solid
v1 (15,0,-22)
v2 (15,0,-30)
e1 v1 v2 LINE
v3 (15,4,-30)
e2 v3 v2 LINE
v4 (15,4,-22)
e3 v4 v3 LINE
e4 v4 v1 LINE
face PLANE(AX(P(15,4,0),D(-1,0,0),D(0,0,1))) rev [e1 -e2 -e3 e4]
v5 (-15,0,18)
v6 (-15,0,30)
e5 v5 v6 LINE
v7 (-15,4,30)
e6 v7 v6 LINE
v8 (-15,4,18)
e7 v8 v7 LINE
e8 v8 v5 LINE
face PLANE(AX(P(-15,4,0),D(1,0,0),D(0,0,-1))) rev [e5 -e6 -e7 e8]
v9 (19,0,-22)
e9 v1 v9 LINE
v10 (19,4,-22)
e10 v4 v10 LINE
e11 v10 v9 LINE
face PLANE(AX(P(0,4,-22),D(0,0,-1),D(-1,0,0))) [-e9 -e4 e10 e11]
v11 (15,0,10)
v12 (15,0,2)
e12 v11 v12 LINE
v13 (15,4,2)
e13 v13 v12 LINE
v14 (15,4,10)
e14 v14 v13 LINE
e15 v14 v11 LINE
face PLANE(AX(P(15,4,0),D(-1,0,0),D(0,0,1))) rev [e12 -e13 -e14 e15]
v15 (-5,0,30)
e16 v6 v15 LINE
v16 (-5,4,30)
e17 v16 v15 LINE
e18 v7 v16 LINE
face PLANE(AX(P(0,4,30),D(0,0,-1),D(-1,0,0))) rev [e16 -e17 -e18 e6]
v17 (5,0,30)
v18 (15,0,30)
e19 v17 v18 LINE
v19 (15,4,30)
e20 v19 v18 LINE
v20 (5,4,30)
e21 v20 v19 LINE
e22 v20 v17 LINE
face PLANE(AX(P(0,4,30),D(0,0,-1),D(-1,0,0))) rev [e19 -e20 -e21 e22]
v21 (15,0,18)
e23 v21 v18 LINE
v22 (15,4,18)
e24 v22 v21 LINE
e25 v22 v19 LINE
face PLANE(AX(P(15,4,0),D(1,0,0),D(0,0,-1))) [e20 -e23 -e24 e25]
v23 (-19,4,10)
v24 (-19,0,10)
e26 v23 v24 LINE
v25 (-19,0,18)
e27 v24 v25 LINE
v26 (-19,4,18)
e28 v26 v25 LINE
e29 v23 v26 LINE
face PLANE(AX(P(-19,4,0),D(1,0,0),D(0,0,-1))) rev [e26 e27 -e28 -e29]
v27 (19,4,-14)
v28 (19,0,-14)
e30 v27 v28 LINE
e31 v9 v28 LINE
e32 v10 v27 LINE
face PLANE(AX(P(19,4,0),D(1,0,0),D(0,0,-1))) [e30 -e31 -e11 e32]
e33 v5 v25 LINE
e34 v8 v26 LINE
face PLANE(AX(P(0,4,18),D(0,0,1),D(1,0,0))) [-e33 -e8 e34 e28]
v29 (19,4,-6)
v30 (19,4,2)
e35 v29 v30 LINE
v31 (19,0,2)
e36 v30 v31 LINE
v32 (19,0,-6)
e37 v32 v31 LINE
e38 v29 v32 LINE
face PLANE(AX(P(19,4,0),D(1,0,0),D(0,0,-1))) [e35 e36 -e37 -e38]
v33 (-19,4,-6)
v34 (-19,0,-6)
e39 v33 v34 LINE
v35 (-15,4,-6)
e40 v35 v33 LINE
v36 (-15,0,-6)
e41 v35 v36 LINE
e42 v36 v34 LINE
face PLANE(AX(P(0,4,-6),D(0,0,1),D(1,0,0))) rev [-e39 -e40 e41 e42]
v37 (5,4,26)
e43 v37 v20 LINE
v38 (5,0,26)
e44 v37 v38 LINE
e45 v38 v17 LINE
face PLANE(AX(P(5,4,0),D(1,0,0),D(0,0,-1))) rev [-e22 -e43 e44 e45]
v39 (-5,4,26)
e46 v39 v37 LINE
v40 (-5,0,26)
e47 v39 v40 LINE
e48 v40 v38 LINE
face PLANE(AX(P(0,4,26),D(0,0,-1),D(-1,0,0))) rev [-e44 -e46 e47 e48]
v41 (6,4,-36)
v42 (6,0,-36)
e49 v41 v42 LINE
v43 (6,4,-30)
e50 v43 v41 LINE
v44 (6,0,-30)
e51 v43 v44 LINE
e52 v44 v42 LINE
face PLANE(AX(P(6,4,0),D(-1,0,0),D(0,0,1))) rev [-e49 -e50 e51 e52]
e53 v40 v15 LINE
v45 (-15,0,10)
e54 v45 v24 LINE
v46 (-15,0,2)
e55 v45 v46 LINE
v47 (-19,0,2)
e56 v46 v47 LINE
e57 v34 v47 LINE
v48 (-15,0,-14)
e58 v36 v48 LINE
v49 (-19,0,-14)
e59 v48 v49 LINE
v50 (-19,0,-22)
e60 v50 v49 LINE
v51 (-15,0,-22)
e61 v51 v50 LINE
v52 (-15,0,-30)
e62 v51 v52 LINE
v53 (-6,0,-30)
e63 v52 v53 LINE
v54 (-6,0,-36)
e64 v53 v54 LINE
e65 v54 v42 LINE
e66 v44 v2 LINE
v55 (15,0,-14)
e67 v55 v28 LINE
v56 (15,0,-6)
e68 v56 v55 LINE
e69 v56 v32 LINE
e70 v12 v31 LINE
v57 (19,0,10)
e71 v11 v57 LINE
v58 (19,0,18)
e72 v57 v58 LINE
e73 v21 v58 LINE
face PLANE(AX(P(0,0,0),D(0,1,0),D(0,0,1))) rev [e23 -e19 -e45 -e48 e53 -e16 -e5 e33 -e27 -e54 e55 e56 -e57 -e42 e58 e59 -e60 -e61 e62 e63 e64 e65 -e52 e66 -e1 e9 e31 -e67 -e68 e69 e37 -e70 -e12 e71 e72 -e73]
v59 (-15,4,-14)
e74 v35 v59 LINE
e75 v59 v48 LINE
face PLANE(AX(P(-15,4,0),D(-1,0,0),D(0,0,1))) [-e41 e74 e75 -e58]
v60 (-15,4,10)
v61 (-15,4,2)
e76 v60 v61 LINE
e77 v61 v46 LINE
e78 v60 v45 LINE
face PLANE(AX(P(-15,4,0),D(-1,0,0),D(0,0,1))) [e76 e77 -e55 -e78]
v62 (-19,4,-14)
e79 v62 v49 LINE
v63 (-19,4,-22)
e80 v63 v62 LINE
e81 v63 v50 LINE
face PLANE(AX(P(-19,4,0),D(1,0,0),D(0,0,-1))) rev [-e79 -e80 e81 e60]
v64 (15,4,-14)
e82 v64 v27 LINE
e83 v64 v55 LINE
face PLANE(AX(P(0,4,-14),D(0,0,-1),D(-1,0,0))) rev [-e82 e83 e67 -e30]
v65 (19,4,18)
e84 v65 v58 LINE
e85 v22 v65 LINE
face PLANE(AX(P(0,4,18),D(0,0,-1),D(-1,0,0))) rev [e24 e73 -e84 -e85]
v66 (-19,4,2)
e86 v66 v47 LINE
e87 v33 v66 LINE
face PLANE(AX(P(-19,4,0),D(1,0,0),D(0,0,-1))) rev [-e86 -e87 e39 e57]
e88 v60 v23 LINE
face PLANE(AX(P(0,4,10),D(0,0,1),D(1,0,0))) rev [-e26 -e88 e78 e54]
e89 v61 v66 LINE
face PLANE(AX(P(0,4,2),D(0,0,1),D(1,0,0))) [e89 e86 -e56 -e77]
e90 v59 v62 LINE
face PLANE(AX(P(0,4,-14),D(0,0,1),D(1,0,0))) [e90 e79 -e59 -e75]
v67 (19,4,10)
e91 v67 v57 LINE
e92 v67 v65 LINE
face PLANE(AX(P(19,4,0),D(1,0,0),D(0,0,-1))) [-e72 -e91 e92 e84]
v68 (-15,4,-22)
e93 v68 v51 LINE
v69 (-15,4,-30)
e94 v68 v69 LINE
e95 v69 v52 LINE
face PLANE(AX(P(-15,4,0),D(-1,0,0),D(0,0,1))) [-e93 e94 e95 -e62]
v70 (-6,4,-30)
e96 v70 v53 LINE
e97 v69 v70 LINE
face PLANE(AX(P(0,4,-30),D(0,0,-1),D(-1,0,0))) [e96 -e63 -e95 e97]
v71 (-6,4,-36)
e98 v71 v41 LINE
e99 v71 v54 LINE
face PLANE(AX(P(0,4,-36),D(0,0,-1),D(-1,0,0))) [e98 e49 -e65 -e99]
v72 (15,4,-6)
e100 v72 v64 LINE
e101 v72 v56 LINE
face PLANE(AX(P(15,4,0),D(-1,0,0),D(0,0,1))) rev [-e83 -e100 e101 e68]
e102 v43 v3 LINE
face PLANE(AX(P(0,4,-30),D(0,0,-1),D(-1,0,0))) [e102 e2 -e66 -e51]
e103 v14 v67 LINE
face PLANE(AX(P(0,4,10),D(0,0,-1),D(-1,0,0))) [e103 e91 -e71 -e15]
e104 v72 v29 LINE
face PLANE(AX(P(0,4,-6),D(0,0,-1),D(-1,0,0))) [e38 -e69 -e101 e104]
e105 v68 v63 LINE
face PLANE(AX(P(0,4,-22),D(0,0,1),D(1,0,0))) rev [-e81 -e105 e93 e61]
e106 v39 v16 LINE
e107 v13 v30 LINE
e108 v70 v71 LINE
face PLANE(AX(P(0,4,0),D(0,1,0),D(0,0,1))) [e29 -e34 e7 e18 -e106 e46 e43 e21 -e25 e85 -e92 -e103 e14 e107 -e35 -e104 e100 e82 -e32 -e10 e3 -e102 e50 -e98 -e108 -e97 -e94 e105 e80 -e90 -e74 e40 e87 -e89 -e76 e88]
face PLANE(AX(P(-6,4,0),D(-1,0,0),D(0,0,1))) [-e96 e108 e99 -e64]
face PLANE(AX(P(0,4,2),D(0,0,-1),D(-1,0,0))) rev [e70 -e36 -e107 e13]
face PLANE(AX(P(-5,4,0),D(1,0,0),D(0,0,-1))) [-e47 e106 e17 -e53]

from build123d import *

# Parameters (mm, degrees)
BOSS_EXTRUDE2_DEPTH = 4


with BuildPart() as part:
    # Sketch1 → Boss-Extrude2 (new body)
    with BuildSketch(Plane(origin=(0, 0, 0), x_dir=(1, 0, 0), z_dir=(0, 1, 0))):
        Polygon((-15, 30), (-15, 22), (-19, 22), (-19, 14), (-15, 14), (-15, 6), (-19, 6), (-19, -2), (-15, -2), (-15, -10), (-19, -10), (-19, -18), (-15, -18), (-15, -26), (-15, -30), (-5, -30), (-5, -26), (5, -26), (5, -30), (15, -30), (15, -26), (15, -18), (19, -18), (19, -10), (15, -10), (15, -2), (19, -2), (19, 6), (15, 6), (15, 14), (19, 14), (19, 22), (15, 22), (15, 30), (6, 30), (6, 36), (-6, 36), (-6, 30), align=None)
    extrude(amount=BOSS_EXTRUDE2_DEPTH)


solid = part.part
